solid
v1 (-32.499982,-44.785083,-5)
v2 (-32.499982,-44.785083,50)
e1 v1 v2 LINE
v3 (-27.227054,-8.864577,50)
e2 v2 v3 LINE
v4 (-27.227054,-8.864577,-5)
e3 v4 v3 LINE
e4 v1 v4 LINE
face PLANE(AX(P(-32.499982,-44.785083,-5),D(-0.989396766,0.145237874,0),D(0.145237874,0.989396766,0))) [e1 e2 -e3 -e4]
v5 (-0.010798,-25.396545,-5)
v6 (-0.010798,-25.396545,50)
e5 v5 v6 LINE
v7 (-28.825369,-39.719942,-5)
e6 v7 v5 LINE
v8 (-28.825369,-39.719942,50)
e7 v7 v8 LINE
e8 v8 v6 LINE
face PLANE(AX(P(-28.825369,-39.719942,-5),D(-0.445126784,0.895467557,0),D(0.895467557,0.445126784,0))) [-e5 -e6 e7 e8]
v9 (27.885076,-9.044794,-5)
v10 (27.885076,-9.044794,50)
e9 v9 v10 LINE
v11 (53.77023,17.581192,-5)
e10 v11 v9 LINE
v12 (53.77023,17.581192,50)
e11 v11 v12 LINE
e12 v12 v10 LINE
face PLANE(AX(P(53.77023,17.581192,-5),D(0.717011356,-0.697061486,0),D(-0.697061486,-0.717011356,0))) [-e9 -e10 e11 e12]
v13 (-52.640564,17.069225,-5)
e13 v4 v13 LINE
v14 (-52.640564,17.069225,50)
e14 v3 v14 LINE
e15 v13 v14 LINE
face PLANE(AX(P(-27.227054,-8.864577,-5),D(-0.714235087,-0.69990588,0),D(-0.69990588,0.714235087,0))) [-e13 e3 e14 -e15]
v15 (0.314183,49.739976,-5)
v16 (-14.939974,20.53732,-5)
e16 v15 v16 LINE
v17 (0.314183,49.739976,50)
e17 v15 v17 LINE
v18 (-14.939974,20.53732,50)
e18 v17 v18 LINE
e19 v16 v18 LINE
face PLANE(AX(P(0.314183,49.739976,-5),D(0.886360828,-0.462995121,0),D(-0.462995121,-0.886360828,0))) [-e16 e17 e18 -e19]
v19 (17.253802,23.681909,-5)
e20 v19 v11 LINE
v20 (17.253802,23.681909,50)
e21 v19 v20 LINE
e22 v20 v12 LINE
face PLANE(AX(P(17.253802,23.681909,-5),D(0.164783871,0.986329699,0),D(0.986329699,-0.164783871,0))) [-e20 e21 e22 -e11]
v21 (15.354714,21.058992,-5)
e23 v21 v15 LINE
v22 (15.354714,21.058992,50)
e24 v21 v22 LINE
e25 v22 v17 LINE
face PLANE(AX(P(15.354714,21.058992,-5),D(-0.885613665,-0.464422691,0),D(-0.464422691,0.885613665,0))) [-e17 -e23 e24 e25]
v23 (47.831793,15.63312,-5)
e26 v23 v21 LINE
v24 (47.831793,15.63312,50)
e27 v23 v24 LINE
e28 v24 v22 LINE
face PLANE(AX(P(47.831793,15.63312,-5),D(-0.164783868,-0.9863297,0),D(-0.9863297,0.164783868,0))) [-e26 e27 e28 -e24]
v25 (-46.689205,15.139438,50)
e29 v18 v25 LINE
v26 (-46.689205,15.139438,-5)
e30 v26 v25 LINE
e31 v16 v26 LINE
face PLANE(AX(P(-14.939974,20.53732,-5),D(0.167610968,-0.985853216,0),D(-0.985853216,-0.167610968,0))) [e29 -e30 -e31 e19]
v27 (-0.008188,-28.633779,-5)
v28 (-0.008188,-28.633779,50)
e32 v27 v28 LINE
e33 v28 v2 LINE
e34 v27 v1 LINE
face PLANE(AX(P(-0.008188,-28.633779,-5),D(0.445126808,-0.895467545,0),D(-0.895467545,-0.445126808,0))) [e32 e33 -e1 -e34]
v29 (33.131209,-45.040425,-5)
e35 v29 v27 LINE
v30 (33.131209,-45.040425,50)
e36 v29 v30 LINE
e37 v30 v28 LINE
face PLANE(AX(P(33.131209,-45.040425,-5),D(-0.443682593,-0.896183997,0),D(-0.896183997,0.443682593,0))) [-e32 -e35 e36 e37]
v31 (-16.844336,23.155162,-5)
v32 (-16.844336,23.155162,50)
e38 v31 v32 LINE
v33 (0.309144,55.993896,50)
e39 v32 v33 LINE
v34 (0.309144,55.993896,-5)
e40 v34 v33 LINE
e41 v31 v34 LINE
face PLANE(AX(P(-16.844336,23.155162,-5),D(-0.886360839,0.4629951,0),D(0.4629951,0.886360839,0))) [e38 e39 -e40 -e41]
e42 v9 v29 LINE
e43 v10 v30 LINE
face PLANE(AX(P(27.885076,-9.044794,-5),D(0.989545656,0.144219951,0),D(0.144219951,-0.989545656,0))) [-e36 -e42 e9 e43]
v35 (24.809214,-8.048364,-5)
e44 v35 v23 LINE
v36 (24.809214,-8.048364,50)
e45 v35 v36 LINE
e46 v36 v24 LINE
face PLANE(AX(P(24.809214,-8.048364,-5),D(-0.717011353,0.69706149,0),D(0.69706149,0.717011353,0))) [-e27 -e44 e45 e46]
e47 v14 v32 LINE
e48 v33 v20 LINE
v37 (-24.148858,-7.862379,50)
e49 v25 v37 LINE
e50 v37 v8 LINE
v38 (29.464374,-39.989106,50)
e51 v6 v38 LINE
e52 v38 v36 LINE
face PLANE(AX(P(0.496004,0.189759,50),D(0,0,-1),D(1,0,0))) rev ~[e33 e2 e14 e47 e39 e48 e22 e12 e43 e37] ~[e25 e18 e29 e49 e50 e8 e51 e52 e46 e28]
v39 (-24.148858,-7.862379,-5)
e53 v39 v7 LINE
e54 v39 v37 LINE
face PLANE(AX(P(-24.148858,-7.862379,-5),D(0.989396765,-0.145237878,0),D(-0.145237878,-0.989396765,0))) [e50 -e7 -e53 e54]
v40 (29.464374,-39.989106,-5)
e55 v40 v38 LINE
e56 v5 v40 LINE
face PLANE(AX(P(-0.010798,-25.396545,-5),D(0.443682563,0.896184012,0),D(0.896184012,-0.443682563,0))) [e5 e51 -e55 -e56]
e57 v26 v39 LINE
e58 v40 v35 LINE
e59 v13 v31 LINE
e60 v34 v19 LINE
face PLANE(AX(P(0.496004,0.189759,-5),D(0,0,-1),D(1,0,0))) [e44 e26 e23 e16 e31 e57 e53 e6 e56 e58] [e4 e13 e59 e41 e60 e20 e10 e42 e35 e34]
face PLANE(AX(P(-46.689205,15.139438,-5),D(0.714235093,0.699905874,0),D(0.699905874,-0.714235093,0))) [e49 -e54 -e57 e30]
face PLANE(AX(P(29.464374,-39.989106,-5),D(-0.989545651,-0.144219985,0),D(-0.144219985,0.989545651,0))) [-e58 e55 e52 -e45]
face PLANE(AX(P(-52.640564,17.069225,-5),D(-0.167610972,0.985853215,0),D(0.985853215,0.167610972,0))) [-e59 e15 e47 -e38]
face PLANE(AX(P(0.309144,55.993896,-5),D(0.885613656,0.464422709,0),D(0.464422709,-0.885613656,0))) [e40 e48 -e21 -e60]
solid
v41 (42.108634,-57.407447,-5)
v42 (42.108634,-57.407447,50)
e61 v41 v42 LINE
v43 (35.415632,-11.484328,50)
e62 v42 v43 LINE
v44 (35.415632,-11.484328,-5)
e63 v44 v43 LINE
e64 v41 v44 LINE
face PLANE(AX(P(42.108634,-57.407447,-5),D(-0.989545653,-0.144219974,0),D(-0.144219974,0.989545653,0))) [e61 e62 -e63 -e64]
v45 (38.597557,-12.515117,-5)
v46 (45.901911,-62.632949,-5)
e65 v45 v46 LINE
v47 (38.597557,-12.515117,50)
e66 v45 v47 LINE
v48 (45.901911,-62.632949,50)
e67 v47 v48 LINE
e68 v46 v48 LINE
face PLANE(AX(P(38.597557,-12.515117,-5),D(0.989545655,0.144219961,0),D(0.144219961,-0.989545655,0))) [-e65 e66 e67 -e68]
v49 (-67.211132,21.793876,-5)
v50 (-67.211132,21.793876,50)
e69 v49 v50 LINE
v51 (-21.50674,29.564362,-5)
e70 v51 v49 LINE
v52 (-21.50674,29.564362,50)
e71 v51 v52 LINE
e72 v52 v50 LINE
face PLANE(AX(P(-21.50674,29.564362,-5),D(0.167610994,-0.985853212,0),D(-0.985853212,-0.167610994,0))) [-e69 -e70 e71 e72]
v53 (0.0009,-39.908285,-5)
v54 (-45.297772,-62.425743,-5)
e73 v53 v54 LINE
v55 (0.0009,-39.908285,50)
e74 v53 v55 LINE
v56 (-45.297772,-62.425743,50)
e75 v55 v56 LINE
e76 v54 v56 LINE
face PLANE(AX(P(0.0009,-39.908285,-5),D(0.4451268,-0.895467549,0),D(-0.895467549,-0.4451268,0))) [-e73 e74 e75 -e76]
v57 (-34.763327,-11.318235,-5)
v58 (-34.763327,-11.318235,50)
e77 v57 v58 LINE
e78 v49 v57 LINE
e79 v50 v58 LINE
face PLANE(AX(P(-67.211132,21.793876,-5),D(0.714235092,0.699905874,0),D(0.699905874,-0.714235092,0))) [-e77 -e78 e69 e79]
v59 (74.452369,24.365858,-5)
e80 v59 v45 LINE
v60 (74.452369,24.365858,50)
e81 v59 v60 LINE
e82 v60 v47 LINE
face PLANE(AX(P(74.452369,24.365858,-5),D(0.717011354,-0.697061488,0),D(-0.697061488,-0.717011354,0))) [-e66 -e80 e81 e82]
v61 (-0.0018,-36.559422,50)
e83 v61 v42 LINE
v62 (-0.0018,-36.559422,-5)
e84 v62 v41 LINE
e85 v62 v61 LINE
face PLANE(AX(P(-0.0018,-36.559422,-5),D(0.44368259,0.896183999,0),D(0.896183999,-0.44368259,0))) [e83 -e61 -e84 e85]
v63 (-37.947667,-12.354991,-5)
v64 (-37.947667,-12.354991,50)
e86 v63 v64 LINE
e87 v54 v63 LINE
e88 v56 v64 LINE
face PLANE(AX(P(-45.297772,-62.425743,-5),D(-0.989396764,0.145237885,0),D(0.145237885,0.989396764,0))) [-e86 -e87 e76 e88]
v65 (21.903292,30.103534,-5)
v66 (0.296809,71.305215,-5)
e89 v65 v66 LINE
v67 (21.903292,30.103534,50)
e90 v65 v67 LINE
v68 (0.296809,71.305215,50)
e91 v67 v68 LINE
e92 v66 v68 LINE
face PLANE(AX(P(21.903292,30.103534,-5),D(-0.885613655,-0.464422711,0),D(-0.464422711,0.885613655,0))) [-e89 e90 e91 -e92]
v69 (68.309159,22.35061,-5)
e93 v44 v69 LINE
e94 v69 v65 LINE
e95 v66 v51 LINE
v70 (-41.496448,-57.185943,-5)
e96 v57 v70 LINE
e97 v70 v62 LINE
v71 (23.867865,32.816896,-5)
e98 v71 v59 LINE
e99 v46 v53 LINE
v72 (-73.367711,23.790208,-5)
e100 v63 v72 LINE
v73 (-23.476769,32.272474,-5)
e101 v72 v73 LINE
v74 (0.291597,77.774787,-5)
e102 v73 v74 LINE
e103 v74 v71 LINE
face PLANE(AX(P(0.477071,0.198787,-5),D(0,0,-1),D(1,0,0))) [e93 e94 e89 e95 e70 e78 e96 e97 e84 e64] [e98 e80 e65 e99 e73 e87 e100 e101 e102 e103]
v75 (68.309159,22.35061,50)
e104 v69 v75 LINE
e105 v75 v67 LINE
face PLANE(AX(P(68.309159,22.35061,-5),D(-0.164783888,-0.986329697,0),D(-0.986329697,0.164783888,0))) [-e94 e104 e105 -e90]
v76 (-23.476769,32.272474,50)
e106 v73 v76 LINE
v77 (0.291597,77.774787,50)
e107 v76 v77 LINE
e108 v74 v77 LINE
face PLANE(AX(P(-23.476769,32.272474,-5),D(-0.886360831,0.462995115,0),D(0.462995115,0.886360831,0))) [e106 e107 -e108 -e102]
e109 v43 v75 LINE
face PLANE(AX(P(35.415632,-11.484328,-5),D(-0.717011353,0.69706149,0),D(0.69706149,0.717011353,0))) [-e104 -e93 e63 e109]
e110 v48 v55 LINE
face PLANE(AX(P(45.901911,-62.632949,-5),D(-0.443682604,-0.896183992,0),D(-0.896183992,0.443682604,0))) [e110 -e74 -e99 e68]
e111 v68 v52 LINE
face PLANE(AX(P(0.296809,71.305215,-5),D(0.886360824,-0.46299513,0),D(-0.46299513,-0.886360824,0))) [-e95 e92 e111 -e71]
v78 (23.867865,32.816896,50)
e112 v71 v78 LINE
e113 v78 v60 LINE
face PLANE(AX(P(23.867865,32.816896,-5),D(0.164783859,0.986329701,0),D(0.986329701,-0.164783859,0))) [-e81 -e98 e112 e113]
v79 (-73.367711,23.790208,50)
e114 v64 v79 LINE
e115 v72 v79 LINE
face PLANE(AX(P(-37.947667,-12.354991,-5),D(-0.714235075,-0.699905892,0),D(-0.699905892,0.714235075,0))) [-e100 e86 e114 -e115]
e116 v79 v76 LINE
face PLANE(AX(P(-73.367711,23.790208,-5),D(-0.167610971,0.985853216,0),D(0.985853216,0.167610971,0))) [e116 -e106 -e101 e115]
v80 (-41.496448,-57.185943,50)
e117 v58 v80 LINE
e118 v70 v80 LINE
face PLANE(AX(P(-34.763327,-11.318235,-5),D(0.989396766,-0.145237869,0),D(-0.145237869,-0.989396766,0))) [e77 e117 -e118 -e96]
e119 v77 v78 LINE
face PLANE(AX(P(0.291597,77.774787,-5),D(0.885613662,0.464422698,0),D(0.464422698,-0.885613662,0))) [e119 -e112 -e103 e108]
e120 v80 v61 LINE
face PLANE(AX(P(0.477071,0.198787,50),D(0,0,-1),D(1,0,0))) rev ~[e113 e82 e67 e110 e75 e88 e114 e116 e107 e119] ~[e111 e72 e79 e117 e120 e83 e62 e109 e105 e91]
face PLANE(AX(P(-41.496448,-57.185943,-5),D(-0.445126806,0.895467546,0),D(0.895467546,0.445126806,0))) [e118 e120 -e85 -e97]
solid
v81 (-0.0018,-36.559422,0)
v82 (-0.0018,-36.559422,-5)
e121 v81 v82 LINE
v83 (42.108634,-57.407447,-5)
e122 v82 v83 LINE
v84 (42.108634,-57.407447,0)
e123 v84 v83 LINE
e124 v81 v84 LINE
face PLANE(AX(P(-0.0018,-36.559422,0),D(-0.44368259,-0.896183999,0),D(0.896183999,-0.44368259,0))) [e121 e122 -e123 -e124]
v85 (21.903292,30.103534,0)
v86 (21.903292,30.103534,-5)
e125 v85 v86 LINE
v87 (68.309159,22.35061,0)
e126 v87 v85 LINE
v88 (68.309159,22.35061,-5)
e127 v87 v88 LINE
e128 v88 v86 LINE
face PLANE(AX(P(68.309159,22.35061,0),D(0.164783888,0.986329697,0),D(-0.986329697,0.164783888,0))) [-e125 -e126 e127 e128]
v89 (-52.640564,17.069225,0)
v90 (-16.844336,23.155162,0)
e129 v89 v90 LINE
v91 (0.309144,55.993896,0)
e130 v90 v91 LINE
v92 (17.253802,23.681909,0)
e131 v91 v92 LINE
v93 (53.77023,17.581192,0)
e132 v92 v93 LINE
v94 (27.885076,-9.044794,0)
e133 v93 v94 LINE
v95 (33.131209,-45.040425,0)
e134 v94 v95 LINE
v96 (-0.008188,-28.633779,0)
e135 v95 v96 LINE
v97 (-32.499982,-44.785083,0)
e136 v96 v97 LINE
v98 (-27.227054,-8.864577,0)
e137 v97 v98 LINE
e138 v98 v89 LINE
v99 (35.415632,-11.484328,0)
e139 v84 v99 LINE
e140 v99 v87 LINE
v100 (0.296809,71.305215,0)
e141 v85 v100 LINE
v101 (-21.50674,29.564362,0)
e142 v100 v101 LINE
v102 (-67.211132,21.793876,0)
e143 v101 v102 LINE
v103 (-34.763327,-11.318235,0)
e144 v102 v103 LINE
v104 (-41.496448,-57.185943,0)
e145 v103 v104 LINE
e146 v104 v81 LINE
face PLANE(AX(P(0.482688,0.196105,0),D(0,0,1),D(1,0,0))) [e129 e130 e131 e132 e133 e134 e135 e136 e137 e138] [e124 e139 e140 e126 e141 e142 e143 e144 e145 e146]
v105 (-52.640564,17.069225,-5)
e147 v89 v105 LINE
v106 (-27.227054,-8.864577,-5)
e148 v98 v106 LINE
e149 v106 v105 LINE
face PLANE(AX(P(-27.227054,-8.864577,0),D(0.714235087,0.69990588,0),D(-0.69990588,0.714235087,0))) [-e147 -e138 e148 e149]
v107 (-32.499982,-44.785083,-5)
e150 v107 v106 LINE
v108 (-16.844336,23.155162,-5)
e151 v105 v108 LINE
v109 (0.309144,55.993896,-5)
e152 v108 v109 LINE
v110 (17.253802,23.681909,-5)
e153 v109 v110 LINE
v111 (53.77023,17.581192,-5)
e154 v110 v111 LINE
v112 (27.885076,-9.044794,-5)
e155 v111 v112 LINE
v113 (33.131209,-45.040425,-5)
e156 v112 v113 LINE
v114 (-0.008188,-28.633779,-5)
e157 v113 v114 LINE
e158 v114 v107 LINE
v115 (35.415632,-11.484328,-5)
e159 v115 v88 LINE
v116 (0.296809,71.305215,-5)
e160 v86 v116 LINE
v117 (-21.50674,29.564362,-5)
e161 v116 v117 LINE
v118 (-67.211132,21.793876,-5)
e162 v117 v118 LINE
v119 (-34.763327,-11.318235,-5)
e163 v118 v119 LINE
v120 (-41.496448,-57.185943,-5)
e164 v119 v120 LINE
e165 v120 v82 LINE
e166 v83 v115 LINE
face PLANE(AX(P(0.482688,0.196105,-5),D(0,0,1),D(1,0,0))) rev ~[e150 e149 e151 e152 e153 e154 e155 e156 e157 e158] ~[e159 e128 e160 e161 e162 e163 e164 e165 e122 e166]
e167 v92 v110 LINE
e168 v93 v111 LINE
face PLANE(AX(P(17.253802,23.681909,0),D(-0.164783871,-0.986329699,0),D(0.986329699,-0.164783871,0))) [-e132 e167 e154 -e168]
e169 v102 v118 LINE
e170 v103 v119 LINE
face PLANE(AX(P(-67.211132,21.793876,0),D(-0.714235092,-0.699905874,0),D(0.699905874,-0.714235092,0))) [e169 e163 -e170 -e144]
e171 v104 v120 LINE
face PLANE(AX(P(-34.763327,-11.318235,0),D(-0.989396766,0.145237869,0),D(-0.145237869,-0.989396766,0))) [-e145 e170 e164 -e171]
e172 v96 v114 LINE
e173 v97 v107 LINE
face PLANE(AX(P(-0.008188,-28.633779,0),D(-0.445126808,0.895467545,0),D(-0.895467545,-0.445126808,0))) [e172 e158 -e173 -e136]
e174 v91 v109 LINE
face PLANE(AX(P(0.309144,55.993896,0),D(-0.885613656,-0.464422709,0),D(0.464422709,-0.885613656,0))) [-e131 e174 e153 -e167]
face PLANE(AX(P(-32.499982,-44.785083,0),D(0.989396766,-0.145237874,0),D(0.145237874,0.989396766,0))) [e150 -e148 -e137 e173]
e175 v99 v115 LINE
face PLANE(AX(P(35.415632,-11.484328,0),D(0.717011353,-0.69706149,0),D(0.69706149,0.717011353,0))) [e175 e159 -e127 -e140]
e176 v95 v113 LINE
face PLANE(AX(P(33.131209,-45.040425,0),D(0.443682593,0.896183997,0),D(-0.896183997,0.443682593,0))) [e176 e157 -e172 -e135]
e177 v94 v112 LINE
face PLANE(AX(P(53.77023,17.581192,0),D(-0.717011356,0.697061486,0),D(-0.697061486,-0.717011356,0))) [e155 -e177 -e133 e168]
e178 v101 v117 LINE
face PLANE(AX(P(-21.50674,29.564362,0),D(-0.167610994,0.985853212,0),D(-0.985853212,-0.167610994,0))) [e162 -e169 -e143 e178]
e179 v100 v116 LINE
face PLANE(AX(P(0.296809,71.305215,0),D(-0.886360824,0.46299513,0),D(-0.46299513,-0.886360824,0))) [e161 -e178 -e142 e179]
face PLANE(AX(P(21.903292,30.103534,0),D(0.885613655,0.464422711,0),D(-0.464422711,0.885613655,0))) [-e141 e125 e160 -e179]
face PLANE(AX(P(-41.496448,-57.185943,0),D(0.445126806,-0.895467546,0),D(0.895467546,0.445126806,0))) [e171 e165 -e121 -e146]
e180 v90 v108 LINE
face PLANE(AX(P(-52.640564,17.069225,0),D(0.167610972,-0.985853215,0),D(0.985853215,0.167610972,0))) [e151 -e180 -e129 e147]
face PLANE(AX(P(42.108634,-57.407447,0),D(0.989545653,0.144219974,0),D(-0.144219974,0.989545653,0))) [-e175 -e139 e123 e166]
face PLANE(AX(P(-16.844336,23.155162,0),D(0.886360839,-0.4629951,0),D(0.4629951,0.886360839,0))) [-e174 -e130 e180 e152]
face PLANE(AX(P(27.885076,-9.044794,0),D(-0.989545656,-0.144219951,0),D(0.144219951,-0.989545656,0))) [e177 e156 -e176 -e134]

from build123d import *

# Parameters (mm, degrees)
F1_DEPTH = 5
F3_DEPTH = 55


with BuildPart() as f1:
    # F0 (on Top) → F1 (new body)
    with BuildSketch(Plane.XY):
        Polygon((-34.763327, -11.318235), (-41.496448, -57.185943), (-0.0018, -36.559422), (42.108634, -57.407447), (35.415632, -11.484328), (68.309159, 22.35061), (21.903292, 30.103534), (0.296809, 71.305215), (-21.50674, 29.564362), (-67.211132, 21.793876), align=None)
        Polygon((-16.844336, 23.155162), (0.309144, 55.993896), (17.253802, 23.681909), (53.77023, 17.581192), (27.885076, -9.044794), (33.131209, -45.040425), (-0.008188, -28.633779), (-32.499982, -44.785083), (-27.227054, -8.864577), (-52.640564, 17.069225), align=None, mode=Mode.SUBTRACT)
    extrude(amount=-F1_DEPTH)


with BuildPart() as f3:
    # F2 (on face) → F3 (new body)
    with BuildSketch(Plane(origin=(0, 0, -5), x_dir=(1, 0, 0), z_dir=(0, 0, -1))):
        Polygon((23.867865, -32.816896), (74.452369, -24.365858), (38.597557, 12.515117), (45.901911, 62.632949), (0.0009, 39.908285), (-45.297772, 62.425743), (-37.947667, 12.354991), (-73.367711, -23.790208), (-23.476769, -32.272474), (0.291597, -77.774787), align=None)
        Polygon((-21.50674, -29.564362), (-67.211132, -21.793876), (-34.763327, 11.318235), (-41.496448, 57.185943), (-0.0018, 36.559422), (42.108634, 57.407447), (35.415632, 11.484328), (68.309159, -22.35061), (21.903292, -30.103534), (0.296809, -71.305215), align=None, mode=Mode.SUBTRACT)
        Polygon((-16.844336, -23.155162), (0.309144, -55.993896), (17.253802, -23.681909), (53.77023, -17.581192), (27.885076, 9.044794), (33.131209, 45.040425), (-0.008188, 28.633779), (-32.499982, 44.785083), (-27.227054, 8.864577), (-52.640564, -17.069225), align=None)
        Polygon((24.809214, 8.048364), (47.831793, -15.63312), (15.354714, -21.058992), (0.314183, -49.739976), (-14.939974, -20.53732), (-46.689205, -15.139438), (-24.148858, 7.862379), (-28.825369, 39.719942), (-0.010798, 25.396545), (29.464374, 39.989106), align=None, mode=Mode.SUBTRACT)
    extrude(amount=-F3_DEPTH)


solid = Compound([f1.part, f3.part])
